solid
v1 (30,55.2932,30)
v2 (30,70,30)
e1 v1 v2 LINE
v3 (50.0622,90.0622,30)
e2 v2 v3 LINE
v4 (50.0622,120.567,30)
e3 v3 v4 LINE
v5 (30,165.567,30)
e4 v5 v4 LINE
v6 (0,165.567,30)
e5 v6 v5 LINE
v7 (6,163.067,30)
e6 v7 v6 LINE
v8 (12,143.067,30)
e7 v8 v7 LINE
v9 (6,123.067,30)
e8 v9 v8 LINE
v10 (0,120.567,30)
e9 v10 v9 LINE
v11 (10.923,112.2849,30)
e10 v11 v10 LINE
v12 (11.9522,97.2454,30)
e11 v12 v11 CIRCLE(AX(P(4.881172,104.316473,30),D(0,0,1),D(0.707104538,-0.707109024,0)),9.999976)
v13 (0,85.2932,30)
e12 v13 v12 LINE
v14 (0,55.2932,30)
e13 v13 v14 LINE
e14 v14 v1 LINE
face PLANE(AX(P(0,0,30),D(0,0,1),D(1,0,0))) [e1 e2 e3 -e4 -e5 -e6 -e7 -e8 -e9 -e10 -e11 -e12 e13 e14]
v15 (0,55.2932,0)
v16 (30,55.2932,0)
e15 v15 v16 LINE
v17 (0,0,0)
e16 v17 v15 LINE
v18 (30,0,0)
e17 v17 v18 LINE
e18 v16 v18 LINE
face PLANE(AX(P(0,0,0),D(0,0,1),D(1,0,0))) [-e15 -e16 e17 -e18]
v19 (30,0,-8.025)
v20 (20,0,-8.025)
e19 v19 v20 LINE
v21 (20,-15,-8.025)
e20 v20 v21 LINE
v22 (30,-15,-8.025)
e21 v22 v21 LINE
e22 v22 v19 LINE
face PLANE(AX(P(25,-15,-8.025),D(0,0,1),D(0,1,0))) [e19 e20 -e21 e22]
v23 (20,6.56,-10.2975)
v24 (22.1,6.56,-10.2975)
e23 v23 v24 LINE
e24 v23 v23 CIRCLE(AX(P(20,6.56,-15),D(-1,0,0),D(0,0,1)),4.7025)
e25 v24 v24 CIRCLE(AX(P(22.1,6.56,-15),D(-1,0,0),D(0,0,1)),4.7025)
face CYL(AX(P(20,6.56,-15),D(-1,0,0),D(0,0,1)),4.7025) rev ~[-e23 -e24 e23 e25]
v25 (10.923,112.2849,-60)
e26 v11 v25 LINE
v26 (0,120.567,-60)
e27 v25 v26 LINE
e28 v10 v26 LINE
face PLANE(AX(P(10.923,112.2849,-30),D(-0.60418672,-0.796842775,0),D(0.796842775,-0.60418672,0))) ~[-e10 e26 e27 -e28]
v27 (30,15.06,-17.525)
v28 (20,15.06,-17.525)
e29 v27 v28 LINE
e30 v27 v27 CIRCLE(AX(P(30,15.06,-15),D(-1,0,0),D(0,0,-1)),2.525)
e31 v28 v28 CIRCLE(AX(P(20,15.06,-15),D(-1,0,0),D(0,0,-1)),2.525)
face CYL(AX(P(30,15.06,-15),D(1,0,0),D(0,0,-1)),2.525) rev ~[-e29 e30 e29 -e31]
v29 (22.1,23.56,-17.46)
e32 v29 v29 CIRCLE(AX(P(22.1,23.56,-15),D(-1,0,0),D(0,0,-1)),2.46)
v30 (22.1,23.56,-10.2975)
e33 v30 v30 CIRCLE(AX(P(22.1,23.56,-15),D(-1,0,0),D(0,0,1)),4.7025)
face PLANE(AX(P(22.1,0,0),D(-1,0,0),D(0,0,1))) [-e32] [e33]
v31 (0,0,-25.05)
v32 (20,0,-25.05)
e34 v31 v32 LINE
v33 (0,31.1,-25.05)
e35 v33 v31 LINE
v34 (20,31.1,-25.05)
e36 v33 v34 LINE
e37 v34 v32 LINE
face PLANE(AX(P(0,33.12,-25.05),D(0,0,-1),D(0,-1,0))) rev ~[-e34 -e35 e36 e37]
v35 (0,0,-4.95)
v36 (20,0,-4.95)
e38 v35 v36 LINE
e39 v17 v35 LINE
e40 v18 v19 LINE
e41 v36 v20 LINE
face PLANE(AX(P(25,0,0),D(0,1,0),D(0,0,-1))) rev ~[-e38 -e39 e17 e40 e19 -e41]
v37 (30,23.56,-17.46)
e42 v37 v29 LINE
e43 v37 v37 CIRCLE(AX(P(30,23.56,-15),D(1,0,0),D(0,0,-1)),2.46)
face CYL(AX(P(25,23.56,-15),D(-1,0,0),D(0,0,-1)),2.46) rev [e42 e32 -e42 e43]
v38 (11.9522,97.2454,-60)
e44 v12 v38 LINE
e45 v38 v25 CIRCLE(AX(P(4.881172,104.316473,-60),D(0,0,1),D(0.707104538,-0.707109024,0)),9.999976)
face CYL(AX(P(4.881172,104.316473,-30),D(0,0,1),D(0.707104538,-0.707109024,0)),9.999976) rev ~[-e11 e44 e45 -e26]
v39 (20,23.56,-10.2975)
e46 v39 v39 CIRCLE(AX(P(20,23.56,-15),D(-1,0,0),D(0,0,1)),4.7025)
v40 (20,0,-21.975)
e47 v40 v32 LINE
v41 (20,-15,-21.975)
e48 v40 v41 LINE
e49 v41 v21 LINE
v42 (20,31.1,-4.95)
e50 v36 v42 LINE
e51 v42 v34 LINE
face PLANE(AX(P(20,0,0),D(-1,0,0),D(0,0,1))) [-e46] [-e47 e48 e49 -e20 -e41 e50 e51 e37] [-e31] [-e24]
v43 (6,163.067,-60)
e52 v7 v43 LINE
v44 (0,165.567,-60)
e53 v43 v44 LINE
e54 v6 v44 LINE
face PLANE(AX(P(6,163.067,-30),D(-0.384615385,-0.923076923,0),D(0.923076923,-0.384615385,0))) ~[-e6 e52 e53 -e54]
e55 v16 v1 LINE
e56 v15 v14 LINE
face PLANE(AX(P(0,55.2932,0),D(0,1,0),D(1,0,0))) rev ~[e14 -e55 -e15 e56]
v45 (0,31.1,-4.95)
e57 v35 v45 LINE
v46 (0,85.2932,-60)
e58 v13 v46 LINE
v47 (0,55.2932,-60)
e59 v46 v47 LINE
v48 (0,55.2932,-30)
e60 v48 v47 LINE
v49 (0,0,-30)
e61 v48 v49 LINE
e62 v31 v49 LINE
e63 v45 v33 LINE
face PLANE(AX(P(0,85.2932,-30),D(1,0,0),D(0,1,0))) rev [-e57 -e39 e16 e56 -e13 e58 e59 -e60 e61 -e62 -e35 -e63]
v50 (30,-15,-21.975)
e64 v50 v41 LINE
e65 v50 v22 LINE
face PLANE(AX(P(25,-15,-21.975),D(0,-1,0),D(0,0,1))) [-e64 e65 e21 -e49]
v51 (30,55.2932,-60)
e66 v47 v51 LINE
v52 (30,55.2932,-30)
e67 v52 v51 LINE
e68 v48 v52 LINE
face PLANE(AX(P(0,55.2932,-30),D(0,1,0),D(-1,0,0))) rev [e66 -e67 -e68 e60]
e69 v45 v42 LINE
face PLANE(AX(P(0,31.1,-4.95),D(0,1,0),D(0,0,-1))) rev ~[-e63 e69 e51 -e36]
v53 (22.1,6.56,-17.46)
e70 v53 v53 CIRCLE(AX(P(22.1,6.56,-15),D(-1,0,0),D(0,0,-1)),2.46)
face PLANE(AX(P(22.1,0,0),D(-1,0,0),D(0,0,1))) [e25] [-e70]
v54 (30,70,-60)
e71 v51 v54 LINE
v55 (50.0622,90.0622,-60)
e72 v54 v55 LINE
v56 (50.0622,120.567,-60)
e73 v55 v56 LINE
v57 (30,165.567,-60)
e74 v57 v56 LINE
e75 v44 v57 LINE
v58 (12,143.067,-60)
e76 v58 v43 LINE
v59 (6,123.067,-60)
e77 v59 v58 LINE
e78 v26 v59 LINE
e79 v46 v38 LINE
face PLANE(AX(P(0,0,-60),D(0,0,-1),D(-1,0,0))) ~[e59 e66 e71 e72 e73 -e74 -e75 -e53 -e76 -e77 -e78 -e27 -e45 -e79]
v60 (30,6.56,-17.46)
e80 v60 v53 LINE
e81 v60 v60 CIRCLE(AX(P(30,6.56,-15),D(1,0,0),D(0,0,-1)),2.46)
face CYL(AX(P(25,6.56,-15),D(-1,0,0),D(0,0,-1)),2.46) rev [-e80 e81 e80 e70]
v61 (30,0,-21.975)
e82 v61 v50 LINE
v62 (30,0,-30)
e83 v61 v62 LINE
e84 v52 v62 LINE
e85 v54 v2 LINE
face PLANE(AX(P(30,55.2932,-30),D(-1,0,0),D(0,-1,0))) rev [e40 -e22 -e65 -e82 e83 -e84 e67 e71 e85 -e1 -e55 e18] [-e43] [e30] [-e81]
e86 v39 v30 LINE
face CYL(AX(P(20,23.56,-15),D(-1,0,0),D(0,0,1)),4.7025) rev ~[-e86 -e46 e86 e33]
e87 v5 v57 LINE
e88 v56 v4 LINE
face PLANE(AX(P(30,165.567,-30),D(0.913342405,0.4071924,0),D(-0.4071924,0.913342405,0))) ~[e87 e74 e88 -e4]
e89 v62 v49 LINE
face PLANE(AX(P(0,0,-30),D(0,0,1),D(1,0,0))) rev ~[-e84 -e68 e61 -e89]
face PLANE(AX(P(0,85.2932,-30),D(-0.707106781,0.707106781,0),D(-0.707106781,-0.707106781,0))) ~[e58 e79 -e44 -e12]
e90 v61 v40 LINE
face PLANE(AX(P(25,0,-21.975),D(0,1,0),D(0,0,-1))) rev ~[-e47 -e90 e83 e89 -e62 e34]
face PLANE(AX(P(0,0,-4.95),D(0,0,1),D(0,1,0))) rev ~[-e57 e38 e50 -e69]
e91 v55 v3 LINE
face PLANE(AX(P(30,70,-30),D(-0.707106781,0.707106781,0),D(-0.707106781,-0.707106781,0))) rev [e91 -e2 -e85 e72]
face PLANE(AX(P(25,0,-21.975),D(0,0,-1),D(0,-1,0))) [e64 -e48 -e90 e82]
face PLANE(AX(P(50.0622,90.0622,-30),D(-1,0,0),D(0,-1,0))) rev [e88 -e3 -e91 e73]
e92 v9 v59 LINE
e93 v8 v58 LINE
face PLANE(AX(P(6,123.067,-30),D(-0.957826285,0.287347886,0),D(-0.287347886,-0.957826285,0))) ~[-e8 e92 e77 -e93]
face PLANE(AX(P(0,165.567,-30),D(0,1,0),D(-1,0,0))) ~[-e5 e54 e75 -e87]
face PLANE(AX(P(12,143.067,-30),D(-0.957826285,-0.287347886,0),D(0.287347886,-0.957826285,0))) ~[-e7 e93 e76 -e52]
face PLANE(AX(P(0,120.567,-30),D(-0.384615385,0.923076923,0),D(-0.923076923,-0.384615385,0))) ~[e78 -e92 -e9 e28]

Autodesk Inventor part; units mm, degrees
ref_plane "YZ Plane" through (0, 0, 0) normal (1, 0, 0) x (0, 1, 0)
ref_plane "XZ Plane" through (0, 0, 0) normal (0, 1, 0) x (-1, 0, 0)
sketch "Sketch1" plane through (0, 0, 0) normal (0, 0, 1) x (1, 0, 0)
  line L0 (0, 0) -> (25, 0)
  line L1 (25, 0) -> (25, 40)
  line L2 (25, 40) -> (0, 40)
  line L3 (0, 40) -> (0, 0)
  dimension "d1" = 25
  dimension "d2" = 40
  dimension "d3" = 25
extrude "Extrusion1" add sketch "Sketch1" against normal blind 30
sketch "Sketch2" plane through (25, 0, 0) normal (1, 0, 0) x (0, 0, -1)
  line L0 (0, 0) -> (30, 0) projected
  circle A0 centre (15, 6.56) radius 2.46
extrude "Extrusion2" cut sketch "Sketch2" against normal blind 30
sketch "Sketch3" plane through (0, 0, 0) normal (-1, 0, 0) x (0, 0, 1)
  line L0 (0, 0) -> (-30, 0) projected
  line L1 (-25.05, 0) -> (-4.95, 0)
  line L2 (-4.95, 0) -> (-4.95, 33.12)
  line L3 (-4.95, 33.12) -> (-25.05, 33.12)
  line L4 (-25.05, 33.12) -> (-25.05, 0)
  dimension "d11" = 20.1
extrude "Extrusion3" cut sketch "Sketch3" against normal blind 20
sketch "Sketch4" plane through (0, 0, 0) normal (0, -1, 0) x (1, 0, 0)
  line L0 (20, -4.95) -> (20, -25.05) projected
  line L1 (20, -15) -> (25, -15)
  line L2 (25, 0) -> (25, -30) projected
  line L3 (20, -8.025) -> (25, -8.025)
  line L4 (25, -8.025) -> (25, -21.975)
  line L5 (25, -21.975) -> (20, -21.975)
  line L6 (20, -21.975) -> (20, -8.025)
  line L7 (20, -8.025) -> (25, -21.975) construction
  line L8 (25, -8.025) -> (20, -21.975) construction
  line L9 (25, -12.54) -> (25, -17.46) projected
  point P0 (0, 0)
  point P1 (22.5, -15)
  dimension "d14" = 13.95
extrude "Extrusion4" add sketch "Sketch4" along normal blind 15
sketch "Sketch5" plane through (20, 0, 0) normal (-1, 0, 0) x (0, 0, 1)
  circle A0 centre (-15, 6.56) radius 2.46 projected
  circle A1 centre (-15, 6.56) radius 4.7025
  circle A2 centre (-15, 6.56) radius 2.46 projected
  circle A3 centre (-15, 6.56) radius 2.46
  point P0 (0, 0)
  dimension "d17" = 9.405
extrude "Extrusion5" cut sketch "Sketch5" against normal blind 2.1
sketch "Sketch6" plane through (25, 0, 0) normal (1, 0, 0) x (0, 0, -1)
  circle A0 centre (15, 6.56) radius 4.7025 projected
  line L0 (15, 6.56) -> (15, 23.56)
  circle A1 centre (15, 23.56) radius 2.46
  point P0 (0, 0)
  dimension "d20" = 17
  dimension "d21" = 4.92
extrude "Extrusion6" cut sketch "Sketch6" against normal blind 10 contours A1
sketch "Sketch7" plane through (20, 0, 0) normal (-1, 0, 0) x (0, 0, 1)
  circle A0 centre (-15, 23.56) radius 2.46 projected
  circle A1 centre (-15, 23.56) radius 4.7025
  point P0 (0, 0)
  dimension "d24" = 9.405
extrude "Extrusion7" cut sketch "Sketch7" against normal blind 2.1
sketch "Sketch9" plane through (25, 0, 0) normal (1, 0, 0) x (0, 0, -1)
  circle A0 centre (15, 6.56) radius 2.46 projected
  circle A1 centre (15, 6.56) radius 2.46
  circle A2 centre (15, 23.56) radius 2.46 projected
  circle A3 centre (15, 23.56) radius 2.46
  line L0 (30, 40) -> (30, 0) projected
  line L1 (30, 0) -> (30, 40)
  line L2 (30, 40) -> (0, 40)
  line L3 (0, 40) -> (0, 0)
  line L4 (0, 0) -> (8.025, 0) projected
  line L5 (21.975, 0) -> (21.975, -15)
  line L6 (21.975, -15) -> (8.025, -15)
  line L7 (8.025, -15) -> (8.025, 0)
  line L8 (0, 0) -> (8.025, 0)
  line L9 (21.975, 0) -> (30, 0)
extrude "Extrusion8" add sketch "Sketch9" along normal blind 5
sketch "Sketch10" plane through (0, 40, 0) normal (0, 1, 0) x (1, 0, 0)
  line L0 (0, 30) -> (30, 30) projected
  line L1 (30, 0) -> (0, 0) projected
  line L2 (0, 30) -> (30, 30)
  line L3 (30, 30) -> (30, 0)
  line L4 (30, 0) -> (0, 0)
  line L5 (0, 0) -> (0, 30)
extrude "Extrusion9" add sketch "Sketch10" along normal blind 30
sketch "Sketch12" plane through (30, 0, 0) normal (1, 0, 0) x (0, 0, -1)
  circle A0 centre (15, 6.56) radius 2.46 projected
  line L0 (15, 6.56) -> (15, 15.06)
  circle A1 centre (15, 15.06) radius 2.525
  point P0 (0, 0)
  dimension "d31" = 8.5
  dimension "d33" = 5.05
extrude "Extrusion10" cut sketch "Sketch12" against normal blind 30 contours A1
sketch "Sketch15" plane through (0, 0, -25.05) normal (-1, 0, 0) x (0, 0, 1)
  line L0 (0, 33.12) -> (20.1, 33.12) projected
  line L1 (20.1, 33.12) -> (20.1, 0) projected
  line L2 (0, 33.12) -> (20.1, 33.12)
  line L3 (20.1, 33.12) -> (20.1, 31.1)
  line L4 (20.1, 31.1) -> (0, 31.1)
  line L5 (0, 31.1) -> (0, 33.12)
  point P0 (25.05, 0)
  dimension "d57" = 2.02
extrude "Extrusion13" add sketch "Sketch15" against normal blind 20
sketch "Sketch17" plane through (0, 0, 0) normal (0, 0, 1) x (1, 0, 0)
  line L0 (0, 70) -> (30, 70) projected
  line L1 (30, 70) -> (50.0622, 90.0622)
  line L2 (30, 70) -> (80, 70) construction
  line L3 (11.9522, 97.2454) -> (0, 85.2932)
  line L4 (0, 70) -> (0, 85.2932)
  line L5 (0, 70) -> (0, 0) projected
  line L6 (0, 70) -> (30, 70)
  line L7 (10.923, 112.2849) -> (0, 120.567)
  line L8 (50.0622, 105.3553) -> (50.0622, 120.567)
  line L9 (50.0622, 105.3553) -> (50.0622, 90.0622)
  arc A0 (11.9522, 97.2454) -> (10.923, 112.2849) centre (4.8811, 104.3165) ccw
  line L10 (0, 165.567) -> (30, 165.567)
  line L11 (30, 165.567) -> (50.0622, 120.567)
  line L12 (6, 163.067) -> (0, 165.567)
  line L13 (6, 123.067) -> (0, 120.567)
  line L14 (6, 123.067) -> (12, 143.067)
  line L15 (12, 143.067) -> (6, 163.067)
  dimension "d61" = 45
  dimension "d62" = 32.0271
  dimension "d72" = 10
extrude "Extrusion14" add sketch "Sketch17" against normal blind 30
sketch "Sketch24" plane through (0, 0, 0) normal (0, 0, 1) x (1, 0, 0)
  line L0 (30, 70) -> (50.0622, 90.0622) projected
  line L1 (30, 70) -> (50.0622, 90.0622)
  line L2 (50.0622, 90.0622) -> (50.0622, 120.567) projected
  line L3 (50.0622, 90.0622) -> (50.0622, 120.567)
  line L4 (30, 165.567) -> (50.0622, 120.567) projected
  line L5 (50.0622, 120.567) -> (30, 165.567)
  line L6 (0, 165.567) -> (30, 165.567) projected
  line L7 (30, 165.567) -> (0, 165.567)
  line L8 (6, 163.067) -> (0, 165.567) projected
  line L9 (0, 165.567) -> (6, 163.067)
  line L10 (12, 143.067) -> (6, 163.067) projected
  line L11 (6, 163.067) -> (12, 143.067)
  line L12 (6, 123.067) -> (12, 143.067) projected
  line L13 (12, 143.067) -> (6, 123.067)
  line L14 (0, 120.567) -> (6, 123.067) projected
  line L15 (6, 123.067) -> (0, 120.567)
  line L16 (10.923, 112.2849) -> (0, 120.567) projected
  line L17 (0, 120.567) -> (10.923, 112.2849)
  line L18 (0, 85.2932) -> (11.9522, 97.2454) projected
  line L19 (11.9522, 97.2454) -> (0, 85.2932)
  line L20 (0, 85.2932) -> (0, 55.2932)
  line L21 (0, 0) -> (0, 85.2932) projected
  line L22 (0, 55.2932) -> (30, 55.2932)
  line L23 (30, 0) -> (30, 70) projected
  line L24 (30, 55.2932) -> (30, 70)
  arc A0 (11.9522, 97.2454) -> (10.923, 112.2849) centre (4.8811, 104.3165) ccw projected
  arc A1 (11.9522, 97.2454) -> (10.923, 112.2849) centre (4.8811, 104.3165) ccw
  dimension "d102" = 30
extrude "Extrusion15" add sketch "Sketch24" along normal blind 30
ref_plane "Work Plane1" through (0, 0, -15) normal (0, 0, 1) x (1, 0, 0)
mirror "Mirror1" about plane through (0, 0, -15) normal (0, 0, 1) of "Extrusion15"
properties part number "rec_c_40mm_x_90mm"
